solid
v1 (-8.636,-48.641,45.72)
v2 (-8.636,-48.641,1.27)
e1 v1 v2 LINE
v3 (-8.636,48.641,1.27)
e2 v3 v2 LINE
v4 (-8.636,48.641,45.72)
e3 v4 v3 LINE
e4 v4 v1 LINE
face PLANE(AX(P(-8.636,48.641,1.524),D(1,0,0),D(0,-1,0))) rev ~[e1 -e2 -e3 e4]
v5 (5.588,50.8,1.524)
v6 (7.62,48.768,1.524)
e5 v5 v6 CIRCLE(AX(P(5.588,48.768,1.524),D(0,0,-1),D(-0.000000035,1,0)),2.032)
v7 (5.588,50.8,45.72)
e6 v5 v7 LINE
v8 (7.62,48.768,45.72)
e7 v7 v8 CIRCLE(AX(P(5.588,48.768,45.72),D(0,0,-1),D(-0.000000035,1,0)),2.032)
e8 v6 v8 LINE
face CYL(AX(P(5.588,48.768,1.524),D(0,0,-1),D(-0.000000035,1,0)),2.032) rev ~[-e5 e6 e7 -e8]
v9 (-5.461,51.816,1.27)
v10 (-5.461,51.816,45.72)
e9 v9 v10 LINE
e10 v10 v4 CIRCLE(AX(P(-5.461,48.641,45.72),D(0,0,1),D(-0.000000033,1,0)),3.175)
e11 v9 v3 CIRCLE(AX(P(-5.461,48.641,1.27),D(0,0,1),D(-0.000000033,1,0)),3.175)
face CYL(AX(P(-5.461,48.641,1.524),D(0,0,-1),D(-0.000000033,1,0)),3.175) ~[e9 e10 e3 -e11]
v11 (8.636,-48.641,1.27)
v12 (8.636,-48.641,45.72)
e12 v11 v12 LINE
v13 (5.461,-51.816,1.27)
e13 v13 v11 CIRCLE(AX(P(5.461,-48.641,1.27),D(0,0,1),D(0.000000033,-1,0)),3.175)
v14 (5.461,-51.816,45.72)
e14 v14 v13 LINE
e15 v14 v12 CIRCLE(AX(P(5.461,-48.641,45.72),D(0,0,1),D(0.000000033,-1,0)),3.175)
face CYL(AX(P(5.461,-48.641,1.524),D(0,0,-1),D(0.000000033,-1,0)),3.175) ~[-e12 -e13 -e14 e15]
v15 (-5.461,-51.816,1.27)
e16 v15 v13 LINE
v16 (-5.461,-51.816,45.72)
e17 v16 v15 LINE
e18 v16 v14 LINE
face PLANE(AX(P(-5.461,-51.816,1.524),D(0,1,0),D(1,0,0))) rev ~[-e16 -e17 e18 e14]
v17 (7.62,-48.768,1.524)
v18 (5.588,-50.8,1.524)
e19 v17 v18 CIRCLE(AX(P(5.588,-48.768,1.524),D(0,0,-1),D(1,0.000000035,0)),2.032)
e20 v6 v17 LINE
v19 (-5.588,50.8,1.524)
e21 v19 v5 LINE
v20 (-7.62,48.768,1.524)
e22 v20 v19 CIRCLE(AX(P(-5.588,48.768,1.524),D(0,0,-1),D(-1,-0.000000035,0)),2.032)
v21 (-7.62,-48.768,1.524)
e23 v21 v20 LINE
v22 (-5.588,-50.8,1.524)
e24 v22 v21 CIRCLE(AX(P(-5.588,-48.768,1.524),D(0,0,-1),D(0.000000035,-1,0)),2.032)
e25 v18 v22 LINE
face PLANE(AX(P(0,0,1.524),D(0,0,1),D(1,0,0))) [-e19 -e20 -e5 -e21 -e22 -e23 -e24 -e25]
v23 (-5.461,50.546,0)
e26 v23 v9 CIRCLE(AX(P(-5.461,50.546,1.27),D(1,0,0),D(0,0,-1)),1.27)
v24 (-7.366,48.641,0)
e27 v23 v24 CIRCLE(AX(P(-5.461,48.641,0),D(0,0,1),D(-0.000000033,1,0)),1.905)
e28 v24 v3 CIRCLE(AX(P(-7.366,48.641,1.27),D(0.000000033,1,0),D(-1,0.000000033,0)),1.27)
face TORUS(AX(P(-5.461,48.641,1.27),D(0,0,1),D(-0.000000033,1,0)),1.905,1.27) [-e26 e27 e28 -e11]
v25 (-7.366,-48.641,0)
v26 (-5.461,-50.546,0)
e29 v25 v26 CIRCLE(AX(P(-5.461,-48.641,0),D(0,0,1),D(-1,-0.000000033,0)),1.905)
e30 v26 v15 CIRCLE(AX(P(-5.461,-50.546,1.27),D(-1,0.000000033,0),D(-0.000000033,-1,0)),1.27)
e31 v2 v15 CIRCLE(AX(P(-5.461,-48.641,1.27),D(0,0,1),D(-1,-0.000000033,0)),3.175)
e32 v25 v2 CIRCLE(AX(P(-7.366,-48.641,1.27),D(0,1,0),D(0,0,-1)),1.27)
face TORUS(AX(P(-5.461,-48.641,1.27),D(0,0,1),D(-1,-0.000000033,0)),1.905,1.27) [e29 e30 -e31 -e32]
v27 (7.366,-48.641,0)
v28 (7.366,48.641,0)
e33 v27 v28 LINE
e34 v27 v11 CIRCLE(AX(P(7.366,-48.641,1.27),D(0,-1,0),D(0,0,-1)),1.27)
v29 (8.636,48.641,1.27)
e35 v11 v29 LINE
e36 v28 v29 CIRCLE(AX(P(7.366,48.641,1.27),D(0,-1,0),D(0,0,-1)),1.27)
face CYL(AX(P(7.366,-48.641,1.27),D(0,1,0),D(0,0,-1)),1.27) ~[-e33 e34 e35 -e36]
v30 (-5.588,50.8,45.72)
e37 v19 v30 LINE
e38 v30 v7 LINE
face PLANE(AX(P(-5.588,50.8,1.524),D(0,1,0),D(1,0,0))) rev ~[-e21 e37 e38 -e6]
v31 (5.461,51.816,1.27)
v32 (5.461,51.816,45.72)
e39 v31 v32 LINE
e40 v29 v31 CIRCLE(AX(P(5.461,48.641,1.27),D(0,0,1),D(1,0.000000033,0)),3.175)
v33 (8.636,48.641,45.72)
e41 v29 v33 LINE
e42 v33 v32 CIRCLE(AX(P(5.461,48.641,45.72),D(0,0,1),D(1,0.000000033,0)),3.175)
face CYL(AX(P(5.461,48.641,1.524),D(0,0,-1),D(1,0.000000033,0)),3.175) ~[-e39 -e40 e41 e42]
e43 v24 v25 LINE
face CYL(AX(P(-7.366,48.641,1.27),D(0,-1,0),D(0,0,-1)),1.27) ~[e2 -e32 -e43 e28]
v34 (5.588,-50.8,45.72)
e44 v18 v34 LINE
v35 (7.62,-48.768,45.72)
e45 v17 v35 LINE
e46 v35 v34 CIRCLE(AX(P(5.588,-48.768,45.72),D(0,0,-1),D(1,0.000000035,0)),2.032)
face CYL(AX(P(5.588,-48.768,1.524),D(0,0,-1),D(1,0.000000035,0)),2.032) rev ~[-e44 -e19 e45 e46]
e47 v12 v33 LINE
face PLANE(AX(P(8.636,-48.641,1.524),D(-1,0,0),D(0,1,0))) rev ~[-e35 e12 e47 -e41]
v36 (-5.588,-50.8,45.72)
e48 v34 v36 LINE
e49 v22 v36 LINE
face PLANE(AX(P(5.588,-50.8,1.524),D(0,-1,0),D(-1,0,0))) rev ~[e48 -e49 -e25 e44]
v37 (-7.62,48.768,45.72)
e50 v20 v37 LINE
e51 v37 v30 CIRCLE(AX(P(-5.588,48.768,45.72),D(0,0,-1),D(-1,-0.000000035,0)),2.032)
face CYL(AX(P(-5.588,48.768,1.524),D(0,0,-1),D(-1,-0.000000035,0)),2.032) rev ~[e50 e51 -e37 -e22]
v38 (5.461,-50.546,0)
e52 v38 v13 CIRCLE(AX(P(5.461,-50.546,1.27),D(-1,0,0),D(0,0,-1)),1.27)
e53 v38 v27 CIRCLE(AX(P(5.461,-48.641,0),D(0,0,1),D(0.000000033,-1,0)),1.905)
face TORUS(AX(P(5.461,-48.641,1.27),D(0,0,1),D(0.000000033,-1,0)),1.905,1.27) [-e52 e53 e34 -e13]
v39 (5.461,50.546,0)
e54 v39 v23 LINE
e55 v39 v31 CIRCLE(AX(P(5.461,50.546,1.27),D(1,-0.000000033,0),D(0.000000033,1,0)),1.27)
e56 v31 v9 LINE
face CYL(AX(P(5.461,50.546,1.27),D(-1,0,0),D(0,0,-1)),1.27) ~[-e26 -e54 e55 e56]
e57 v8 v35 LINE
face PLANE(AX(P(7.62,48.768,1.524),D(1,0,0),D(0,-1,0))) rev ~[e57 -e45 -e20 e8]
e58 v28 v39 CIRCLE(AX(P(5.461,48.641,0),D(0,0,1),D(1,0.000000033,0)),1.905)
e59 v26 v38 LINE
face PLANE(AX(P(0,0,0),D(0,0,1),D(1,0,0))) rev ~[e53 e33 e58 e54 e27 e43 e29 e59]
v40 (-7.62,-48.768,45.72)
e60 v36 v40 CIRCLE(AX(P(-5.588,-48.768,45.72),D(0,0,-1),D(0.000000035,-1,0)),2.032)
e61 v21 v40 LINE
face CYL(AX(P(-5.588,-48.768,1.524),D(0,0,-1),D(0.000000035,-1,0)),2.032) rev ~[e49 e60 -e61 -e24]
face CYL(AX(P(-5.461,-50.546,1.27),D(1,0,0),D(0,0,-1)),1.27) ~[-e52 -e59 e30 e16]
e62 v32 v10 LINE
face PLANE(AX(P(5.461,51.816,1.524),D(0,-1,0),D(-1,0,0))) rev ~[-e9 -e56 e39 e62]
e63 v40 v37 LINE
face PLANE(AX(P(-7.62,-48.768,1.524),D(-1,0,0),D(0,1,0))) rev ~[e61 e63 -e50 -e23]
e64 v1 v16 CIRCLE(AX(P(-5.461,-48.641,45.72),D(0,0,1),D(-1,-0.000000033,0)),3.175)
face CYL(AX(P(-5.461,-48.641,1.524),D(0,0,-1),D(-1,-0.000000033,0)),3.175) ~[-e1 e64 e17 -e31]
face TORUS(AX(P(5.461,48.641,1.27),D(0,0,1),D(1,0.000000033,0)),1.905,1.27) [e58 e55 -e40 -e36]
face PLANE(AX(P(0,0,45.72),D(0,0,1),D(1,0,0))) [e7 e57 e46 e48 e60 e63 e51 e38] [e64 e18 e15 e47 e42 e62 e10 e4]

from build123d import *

# Parameters (mm, degrees)
F1_DEPTH = 1.524
F3_DEPTH = 44.196
F4_R     = 1.27


with BuildPart() as f1:
    # F0 (on Top) → F1 (new body)
    with BuildSketch(Plane.XY):
        with BuildLine():
            Line((5.461, 51.816), (-5.461, 51.816))
            ThreePointArc((-5.461, 51.816), (-7.706064, 50.886064), (-8.636, 48.641))
            Line((-8.636, 48.641), (-8.636, -48.641))
            ThreePointArc((-8.636, -48.641), (-7.706064, -50.886064), (-5.461, -51.816))
            Line((-5.461, -51.816), (5.461, -51.816))
            ThreePointArc((5.461, -51.816), (7.706064, -50.886064), (8.636, -48.641))
            Line((8.636, -48.641), (8.636, 48.641))
            ThreePointArc((8.636, 48.641), (7.706064, 50.886064), (5.461, 51.816))
        make_face()
    extrude(amount=F1_DEPTH)

    # F2 (on face) → F3 (join)
    with BuildSketch(Plane.XY.offset(1.524)):
        with BuildLine():
            ThreePointArc((5.461, -51.816), (7.706064, -50.886064), (8.636, -48.641))
            Line((8.636, -48.641), (8.636, 48.641))
            ThreePointArc((8.636, 48.641), (7.706064, 50.886064), (5.461, 51.816))
            Line((5.461, 51.816), (-5.461, 51.816))
            ThreePointArc((-5.461, 51.816), (-7.706064, 50.886064), (-8.636, 48.641))
            Line((-8.636, 48.641), (-8.636, -48.641))
            ThreePointArc((-8.636, -48.641), (-7.706064, -50.886064), (-5.461, -51.816))
            Line((-5.461, -51.816), (5.461, -51.816))
        make_face()
        with BuildLine():
            ThreePointArc((-7.62, 48.768), (-7.024841, 50.204841), (-5.588, 50.8))
            Line((-5.588, 50.8), (5.588, 50.8))
            ThreePointArc((5.588, 50.8), (7.024841, 50.204841), (7.62, 48.768))
            Line((7.62, 48.768), (7.62, -48.768))
            ThreePointArc((7.62, -48.768), (7.024841, -50.204841), (5.588, -50.8))
            Line((5.588, -50.8), (-5.588, -50.8))
            ThreePointArc((-5.588, -50.8), (-7.024841, -50.204841), (-7.62, -48.768))
            Line((-7.62, -48.768), (-7.62, 48.768))
        make_face(mode=Mode.SUBTRACT)
    extrude(amount=F3_DEPTH)

    # F4
    f4_edges = [f1.edges().sort_by_distance(p)[0] for p in [
        (8.636, 0, 0),
        (7.706064, 50.886064, 0),
        (0, 51.816, 0),
        (-7.706064, 50.886064, 0),
        (-8.636, 0, 0),
        (-7.706064, -50.886064, 0),
        (0, -51.816, 0),
        (7.706064, -50.886064, 0),
    ]]
    fillet(f4_edges, radius=F4_R)


solid = f1.part
